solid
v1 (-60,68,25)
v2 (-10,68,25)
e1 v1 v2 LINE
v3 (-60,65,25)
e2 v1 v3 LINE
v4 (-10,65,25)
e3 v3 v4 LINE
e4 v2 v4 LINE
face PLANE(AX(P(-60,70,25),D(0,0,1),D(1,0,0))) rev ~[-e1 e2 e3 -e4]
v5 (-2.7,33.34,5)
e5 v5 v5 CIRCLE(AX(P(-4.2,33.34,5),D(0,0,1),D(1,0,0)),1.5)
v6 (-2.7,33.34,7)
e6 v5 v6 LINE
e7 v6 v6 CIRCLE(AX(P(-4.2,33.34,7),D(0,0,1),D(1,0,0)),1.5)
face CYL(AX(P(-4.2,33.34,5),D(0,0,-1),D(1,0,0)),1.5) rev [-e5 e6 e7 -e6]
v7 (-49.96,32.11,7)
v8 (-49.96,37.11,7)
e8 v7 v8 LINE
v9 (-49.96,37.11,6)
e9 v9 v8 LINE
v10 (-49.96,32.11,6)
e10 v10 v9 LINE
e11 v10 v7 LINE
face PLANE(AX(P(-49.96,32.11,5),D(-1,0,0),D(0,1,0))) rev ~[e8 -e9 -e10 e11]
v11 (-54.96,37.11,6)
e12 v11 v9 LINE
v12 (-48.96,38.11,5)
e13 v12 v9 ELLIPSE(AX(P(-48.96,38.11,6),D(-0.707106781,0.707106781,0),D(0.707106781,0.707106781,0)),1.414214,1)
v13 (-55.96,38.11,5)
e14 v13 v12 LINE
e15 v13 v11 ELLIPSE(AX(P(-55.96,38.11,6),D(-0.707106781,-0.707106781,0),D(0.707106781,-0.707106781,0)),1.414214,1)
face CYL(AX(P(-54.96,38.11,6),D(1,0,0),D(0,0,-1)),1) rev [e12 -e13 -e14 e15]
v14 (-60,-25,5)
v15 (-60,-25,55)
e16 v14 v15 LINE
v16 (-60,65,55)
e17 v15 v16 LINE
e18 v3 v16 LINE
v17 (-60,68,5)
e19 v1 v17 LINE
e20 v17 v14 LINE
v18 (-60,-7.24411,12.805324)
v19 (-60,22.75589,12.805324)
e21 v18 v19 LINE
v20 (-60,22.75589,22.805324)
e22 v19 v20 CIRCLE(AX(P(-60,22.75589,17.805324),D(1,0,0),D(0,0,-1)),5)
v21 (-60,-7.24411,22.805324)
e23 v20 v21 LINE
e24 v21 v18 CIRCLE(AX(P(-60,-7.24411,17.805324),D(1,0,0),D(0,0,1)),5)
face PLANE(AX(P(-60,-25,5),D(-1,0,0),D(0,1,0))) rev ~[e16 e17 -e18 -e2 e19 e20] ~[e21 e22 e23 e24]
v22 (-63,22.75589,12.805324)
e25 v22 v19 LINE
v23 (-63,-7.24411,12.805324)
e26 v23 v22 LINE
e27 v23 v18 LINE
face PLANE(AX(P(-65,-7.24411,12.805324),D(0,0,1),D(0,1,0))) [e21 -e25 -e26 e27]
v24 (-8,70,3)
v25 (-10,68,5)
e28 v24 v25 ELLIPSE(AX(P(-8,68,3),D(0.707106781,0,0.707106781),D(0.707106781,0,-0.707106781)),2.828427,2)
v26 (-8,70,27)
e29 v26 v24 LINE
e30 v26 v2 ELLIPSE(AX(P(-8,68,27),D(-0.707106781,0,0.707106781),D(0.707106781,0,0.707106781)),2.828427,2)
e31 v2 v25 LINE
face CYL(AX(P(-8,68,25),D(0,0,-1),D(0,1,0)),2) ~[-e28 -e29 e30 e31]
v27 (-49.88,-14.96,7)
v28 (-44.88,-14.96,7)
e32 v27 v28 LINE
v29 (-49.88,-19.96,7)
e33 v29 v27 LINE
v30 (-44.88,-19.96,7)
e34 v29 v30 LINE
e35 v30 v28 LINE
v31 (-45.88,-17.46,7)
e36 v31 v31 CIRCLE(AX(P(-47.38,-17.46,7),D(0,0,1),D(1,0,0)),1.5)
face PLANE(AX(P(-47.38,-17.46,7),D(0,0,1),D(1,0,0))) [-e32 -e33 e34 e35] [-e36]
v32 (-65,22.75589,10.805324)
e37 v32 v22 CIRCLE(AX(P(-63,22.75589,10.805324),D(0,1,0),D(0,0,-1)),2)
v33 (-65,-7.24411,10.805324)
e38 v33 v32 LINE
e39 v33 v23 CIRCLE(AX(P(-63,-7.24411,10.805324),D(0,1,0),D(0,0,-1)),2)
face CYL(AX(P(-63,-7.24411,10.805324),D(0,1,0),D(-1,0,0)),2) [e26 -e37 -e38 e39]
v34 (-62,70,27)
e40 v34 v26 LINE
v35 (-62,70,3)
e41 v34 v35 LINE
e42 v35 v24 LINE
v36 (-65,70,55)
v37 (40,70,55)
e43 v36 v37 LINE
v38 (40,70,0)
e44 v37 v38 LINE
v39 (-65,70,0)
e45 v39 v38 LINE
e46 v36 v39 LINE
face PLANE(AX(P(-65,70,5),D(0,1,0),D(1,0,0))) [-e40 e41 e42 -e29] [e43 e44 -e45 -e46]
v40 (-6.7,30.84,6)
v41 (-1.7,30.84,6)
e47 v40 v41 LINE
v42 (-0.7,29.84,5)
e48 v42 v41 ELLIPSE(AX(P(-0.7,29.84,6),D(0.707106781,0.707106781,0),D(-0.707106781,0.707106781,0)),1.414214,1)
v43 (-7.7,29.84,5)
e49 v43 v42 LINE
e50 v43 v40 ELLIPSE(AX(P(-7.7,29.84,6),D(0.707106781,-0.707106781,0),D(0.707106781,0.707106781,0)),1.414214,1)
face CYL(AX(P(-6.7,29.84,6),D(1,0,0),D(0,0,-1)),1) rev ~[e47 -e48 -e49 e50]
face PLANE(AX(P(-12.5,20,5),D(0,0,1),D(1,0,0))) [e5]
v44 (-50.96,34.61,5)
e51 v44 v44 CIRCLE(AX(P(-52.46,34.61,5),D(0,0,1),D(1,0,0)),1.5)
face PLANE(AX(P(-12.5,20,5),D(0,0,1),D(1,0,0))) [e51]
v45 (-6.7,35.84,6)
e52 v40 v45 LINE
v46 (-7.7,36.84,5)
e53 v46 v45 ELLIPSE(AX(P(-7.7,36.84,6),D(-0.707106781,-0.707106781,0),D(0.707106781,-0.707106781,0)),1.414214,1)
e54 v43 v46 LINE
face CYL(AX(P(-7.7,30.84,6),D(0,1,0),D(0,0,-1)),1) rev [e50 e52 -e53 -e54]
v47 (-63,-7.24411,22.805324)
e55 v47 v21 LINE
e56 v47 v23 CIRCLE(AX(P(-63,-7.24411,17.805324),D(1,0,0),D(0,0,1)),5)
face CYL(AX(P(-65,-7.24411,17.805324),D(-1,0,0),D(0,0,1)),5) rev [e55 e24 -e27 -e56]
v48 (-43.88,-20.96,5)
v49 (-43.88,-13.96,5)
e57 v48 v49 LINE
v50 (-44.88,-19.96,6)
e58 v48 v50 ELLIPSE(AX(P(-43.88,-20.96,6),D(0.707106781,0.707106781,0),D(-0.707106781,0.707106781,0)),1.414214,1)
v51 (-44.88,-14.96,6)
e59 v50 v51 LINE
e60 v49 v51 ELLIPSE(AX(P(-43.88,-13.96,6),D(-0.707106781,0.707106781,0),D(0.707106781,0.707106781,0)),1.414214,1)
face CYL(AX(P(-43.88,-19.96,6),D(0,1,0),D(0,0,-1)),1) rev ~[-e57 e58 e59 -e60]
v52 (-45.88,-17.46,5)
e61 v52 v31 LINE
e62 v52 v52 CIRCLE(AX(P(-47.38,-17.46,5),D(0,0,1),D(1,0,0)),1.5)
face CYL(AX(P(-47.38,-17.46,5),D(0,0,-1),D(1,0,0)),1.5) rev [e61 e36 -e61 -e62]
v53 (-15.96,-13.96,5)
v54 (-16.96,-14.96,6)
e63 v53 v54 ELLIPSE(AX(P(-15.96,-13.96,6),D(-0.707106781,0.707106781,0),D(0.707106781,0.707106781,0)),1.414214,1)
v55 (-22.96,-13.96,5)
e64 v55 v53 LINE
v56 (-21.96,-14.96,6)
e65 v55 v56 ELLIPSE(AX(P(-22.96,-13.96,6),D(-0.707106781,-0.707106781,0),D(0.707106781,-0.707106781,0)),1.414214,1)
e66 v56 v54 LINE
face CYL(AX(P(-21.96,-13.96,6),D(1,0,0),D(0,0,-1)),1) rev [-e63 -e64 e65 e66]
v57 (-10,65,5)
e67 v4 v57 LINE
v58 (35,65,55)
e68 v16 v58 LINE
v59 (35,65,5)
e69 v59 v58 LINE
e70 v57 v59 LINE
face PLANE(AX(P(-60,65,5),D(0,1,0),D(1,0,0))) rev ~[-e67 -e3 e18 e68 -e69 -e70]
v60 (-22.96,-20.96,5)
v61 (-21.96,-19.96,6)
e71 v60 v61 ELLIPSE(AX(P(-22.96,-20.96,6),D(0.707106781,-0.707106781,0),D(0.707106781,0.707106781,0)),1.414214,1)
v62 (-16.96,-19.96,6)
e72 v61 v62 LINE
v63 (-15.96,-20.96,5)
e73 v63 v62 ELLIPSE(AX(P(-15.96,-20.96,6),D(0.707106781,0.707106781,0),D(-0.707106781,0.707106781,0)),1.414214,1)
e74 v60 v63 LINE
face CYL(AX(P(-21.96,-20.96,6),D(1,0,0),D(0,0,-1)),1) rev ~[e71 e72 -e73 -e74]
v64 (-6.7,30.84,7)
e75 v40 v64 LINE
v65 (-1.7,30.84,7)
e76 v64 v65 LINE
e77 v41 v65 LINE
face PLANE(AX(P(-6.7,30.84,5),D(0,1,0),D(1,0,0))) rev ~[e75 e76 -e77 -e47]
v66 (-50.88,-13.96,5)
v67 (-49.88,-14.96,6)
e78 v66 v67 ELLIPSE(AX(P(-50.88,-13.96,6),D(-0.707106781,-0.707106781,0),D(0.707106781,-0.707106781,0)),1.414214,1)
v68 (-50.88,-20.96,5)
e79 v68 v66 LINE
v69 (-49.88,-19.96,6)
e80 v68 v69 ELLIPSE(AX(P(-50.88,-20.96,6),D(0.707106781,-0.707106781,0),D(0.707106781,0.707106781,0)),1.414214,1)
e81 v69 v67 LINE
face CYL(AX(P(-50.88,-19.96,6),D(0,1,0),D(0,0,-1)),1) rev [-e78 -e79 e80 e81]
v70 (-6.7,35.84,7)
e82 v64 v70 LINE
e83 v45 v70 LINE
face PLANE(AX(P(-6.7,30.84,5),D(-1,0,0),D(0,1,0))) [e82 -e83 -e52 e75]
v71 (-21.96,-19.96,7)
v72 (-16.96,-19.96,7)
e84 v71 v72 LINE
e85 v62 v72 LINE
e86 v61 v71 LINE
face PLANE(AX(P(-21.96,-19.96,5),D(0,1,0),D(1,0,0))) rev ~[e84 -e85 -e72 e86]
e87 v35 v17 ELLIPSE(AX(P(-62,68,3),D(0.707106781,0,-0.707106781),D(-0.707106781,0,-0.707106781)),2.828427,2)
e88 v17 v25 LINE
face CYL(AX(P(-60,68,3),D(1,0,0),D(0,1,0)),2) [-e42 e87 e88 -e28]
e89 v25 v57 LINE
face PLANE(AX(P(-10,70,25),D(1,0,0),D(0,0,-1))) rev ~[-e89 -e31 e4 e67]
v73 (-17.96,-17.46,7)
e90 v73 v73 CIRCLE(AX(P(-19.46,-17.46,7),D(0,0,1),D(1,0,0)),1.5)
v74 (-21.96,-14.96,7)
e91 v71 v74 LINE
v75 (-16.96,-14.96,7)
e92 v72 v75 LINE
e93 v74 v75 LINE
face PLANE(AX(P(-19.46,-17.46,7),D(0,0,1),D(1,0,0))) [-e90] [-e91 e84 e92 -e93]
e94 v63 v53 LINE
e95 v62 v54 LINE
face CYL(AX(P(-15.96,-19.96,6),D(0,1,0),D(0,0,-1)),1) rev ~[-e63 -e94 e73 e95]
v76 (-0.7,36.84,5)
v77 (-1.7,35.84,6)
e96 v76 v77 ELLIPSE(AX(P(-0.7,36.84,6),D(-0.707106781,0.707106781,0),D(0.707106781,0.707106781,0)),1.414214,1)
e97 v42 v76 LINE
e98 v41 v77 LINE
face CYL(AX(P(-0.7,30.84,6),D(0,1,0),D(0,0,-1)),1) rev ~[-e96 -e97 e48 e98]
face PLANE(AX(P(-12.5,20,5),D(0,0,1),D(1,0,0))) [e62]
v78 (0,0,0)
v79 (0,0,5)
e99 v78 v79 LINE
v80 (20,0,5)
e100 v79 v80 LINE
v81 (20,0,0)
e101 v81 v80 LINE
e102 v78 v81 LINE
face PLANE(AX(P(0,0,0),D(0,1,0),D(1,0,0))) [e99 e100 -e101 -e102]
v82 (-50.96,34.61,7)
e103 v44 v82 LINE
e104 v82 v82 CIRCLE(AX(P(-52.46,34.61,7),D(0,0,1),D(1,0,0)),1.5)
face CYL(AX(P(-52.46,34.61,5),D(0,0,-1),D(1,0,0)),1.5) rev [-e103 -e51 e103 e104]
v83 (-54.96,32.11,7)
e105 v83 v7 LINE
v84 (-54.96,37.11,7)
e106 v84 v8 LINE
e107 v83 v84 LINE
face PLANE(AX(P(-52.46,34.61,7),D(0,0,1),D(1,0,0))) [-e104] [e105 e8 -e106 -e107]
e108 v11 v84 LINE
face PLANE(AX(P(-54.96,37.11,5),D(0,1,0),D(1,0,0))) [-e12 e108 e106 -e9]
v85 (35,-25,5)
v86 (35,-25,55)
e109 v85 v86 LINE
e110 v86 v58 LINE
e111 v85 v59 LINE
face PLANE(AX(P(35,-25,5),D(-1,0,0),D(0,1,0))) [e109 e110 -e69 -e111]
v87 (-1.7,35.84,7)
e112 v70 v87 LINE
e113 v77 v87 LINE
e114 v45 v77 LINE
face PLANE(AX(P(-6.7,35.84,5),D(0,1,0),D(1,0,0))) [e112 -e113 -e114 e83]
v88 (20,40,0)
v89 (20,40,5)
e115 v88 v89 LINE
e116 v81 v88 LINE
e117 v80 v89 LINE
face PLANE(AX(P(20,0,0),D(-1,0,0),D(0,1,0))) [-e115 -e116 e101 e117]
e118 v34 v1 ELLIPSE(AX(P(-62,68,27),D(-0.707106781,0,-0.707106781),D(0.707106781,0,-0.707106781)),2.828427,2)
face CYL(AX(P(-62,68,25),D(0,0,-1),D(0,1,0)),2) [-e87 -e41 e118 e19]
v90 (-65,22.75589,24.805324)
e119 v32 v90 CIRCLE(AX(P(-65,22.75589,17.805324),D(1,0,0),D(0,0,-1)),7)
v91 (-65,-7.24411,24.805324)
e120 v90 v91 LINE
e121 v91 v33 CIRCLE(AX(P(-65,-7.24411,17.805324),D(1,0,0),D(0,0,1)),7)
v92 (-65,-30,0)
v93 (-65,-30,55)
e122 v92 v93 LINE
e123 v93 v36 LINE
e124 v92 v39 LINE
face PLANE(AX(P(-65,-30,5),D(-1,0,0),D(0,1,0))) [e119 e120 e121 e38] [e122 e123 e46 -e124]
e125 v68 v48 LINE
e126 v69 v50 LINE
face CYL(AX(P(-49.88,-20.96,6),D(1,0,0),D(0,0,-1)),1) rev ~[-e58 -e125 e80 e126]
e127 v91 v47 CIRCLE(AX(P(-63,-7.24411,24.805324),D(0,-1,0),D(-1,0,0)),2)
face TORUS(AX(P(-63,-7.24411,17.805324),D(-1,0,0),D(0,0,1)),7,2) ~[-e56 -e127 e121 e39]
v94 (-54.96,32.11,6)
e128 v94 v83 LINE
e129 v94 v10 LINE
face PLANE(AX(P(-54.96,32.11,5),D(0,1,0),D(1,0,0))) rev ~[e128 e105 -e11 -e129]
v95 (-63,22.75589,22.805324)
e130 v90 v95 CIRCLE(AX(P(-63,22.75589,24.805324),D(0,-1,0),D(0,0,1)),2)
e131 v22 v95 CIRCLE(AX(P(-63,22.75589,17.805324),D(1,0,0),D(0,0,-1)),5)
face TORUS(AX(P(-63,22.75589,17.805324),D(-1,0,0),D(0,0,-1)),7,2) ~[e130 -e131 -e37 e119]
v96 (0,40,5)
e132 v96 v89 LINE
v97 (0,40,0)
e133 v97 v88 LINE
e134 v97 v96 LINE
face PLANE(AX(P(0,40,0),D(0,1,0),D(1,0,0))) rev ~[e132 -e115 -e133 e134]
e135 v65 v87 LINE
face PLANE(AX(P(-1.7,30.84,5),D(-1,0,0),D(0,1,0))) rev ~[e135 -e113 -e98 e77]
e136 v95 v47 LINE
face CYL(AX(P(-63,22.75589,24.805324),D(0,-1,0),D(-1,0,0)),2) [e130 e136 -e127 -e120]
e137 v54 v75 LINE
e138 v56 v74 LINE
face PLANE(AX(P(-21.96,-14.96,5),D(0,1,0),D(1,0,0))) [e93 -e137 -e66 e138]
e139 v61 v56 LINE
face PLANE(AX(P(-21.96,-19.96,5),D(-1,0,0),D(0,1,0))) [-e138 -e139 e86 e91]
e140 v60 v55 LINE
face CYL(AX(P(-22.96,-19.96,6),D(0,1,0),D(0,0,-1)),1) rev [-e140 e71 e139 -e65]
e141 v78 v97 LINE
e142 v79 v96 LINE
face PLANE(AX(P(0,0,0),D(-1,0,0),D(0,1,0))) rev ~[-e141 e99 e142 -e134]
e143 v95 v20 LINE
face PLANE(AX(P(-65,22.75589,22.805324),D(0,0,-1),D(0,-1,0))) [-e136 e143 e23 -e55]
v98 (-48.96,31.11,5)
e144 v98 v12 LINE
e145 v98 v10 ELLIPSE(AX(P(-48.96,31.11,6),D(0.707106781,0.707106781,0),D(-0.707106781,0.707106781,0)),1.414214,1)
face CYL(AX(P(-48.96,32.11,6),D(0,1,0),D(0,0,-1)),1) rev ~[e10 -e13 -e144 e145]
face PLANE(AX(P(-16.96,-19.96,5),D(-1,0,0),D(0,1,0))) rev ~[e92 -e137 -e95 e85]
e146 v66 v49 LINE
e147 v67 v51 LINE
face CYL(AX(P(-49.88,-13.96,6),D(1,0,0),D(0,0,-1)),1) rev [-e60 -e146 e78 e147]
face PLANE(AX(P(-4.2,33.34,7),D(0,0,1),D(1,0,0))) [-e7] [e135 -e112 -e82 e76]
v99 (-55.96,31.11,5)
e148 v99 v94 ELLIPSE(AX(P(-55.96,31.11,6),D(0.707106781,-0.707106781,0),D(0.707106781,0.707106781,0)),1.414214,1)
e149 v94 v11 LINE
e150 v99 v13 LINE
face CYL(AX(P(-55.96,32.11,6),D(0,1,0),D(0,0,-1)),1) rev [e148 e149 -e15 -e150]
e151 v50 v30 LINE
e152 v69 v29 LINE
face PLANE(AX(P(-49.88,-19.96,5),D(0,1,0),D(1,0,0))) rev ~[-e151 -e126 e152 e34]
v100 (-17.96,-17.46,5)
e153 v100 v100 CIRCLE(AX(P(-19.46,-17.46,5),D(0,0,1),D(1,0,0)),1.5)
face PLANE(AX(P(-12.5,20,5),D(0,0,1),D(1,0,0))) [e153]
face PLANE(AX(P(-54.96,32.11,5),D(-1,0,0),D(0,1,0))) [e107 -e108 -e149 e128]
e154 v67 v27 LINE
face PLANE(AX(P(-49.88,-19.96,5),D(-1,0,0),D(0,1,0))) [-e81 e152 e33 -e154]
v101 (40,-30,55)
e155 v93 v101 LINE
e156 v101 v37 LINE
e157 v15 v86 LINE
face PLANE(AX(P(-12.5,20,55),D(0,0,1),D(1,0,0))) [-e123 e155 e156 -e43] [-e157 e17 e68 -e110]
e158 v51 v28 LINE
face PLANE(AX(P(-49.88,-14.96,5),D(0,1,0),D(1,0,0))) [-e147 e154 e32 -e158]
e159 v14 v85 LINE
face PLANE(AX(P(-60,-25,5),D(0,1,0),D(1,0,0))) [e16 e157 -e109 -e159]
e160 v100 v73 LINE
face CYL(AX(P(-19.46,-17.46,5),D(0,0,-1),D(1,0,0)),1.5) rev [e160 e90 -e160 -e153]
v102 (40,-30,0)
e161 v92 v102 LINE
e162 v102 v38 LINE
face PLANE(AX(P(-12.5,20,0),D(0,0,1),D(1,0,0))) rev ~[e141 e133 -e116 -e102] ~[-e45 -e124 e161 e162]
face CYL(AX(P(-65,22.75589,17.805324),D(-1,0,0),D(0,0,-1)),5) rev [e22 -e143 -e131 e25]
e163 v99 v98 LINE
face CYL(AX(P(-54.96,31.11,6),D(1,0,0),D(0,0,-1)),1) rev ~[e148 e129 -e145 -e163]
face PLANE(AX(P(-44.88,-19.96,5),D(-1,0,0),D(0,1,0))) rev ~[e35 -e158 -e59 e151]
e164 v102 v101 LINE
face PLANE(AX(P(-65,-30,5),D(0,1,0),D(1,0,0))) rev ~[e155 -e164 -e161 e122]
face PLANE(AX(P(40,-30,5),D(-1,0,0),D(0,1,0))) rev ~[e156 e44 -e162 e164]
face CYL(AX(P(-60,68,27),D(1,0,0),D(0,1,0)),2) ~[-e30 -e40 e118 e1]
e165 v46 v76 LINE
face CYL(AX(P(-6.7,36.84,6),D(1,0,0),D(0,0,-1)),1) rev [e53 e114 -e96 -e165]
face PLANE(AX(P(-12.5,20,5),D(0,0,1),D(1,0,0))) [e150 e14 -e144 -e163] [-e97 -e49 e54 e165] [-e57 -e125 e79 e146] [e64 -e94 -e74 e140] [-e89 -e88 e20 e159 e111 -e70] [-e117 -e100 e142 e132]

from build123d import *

# Parameters (mm, degrees)
SKETCH1_W           = 105
SKETCH1_H           = 100
SKETCH1_W_2         = 20
SKETCH1_H_2         = 40
BOSS_EXTRUDE1_DEPTH = 5
SKETCH2_W           = 105
SKETCH2_H           = 100
SKETCH2_W_2         = 95
SKETCH2_H_2         = 90
BOSS_EXTRUDE2_DEPTH = 50
SKETCH4_W           = 5
SKETCH4_H           = 5
SKETCH4_R           = 1.5
BOSS_EXTRUDE3_DEPTH = 2
FILLET1_R           = 1
SKETCH5_W           = 50
SKETCH5_H           = 20
CUT_EXTRUDE1_DEPTH  = 5
CUT_EXTRUDE2_DEPTH  = 5
FILLET2_R           = 2
FILLET3_R           = 2


with BuildPart() as part:
    # Sketch1 → Boss-Extrude1 (new body)
    with BuildSketch(Plane.XY):
        with Locations((-12.5, 20)):
            Rectangle(SKETCH1_W, SKETCH1_H)
        with Locations((10, 20)):
            Rectangle(SKETCH1_W_2, SKETCH1_H_2, mode=Mode.SUBTRACT)
    extrude(amount=BOSS_EXTRUDE1_DEPTH)

    # Sketch2 → Boss-Extrude2 (add)
    with BuildSketch(Plane.XY.offset(5)):
        with Locations((-12.5, 20)):
            Rectangle(SKETCH2_W, SKETCH2_H)
        with Locations((-12.5, 20)):
            Rectangle(SKETCH2_W_2, SKETCH2_H_2, mode=Mode.SUBTRACT)
    extrude(amount=BOSS_EXTRUDE2_DEPTH)

    # Sketch4 → Boss-Extrude3 (add)
    with BuildSketch(Plane.XY.offset(5)):
        with Locations((-52.46, 34.61)):
            Rectangle(SKETCH4_W, SKETCH4_H)
        with Locations((-52.46, 34.61)):
            Circle(SKETCH4_R, mode=Mode.SUBTRACT)
        with Locations((-4.2, 33.34)):
            Rectangle(SKETCH4_W, SKETCH4_H)
        with Locations((-4.2, 33.34)):
            Circle(SKETCH4_R, mode=Mode.SUBTRACT)
        with Locations((-47.38, -17.46)):
            Rectangle(SKETCH4_W, SKETCH4_H)
        with Locations((-47.38, -17.46)):
            Circle(SKETCH4_R, mode=Mode.SUBTRACT)
        with Locations((-19.46, -17.46)):
            Rectangle(SKETCH4_W, SKETCH4_H)
        with Locations((-19.46, -17.46)):
            Circle(SKETCH4_R, mode=Mode.SUBTRACT)
    extrude(amount=BOSS_EXTRUDE3_DEPTH)

    # Fillet1
    fillet1_edges = [part.edges().sort_by_distance(p)[0] for p in [
        (-49.96, 34.61, 5),
        (-52.46, 37.11, 5),
        (-54.96, 34.61, 5),
        (-52.46, 32.11, 5),
        (-1.7, 33.34, 5),
        (-4.2, 35.84, 5),
        (-6.7, 33.34, 5),
        (-4.2, 30.84, 5),
        (-44.88, -17.46, 5),
        (-47.38, -14.96, 5),
        (-49.88, -17.46, 5),
        (-47.38, -19.96, 5),
        (-16.96, -17.46, 5),
        (-19.46, -14.96, 5),
        (-21.96, -17.46, 5),
        (-19.46, -19.96, 5),
    ]]
    fillet(fillet1_edges, radius=FILLET1_R)

    # Sketch5 → Cut-Extrude1 (cut)
    with BuildSketch(Plane(origin=(0, 70, 0), x_dir=(1, 0, 0), z_dir=(0, 1, 0))):
        with Locations((-35, -15)):
            Rectangle(SKETCH5_W, SKETCH5_H)
    extrude(amount=-CUT_EXTRUDE1_DEPTH, mode=Mode.SUBTRACT)

    # Sketch6 → Cut-Extrude2 (cut)
    with BuildSketch(Plane.ZY.offset(65)):
        with BuildLine():
            Line((22.805324428, 22.755889518), (22.805324428, -7.244110482))
            ThreePointArc((22.805324428, -7.244110482), (17.805324428, -12.244110482), (12.805324428, -7.244110482))
            Line((12.805324428, -7.244110482), (12.805324428, 22.755889518))
            ThreePointArc((12.805324428, 22.755889518), (17.805324428, 27.755889518), (22.805324428, 22.755889518))
        make_face()
    extrude(amount=-CUT_EXTRUDE2_DEPTH, mode=Mode.SUBTRACT)

    # Fillet2
    fillet2_edges = [part.edges().sort_by_distance(p)[0] for p in [
        (-65, 27.755889518, 17.805324428),
        (-65, 7.755889518, 12.805324428),
        (-65, -12.244110482, 17.805324428),
        (-65, 7.755889518, 22.805324428),
    ]]
    fillet(fillet2_edges, radius=FILLET2_R)

    # Fillet3
    fillet3_edges = [part.edges().sort_by_distance(p)[0] for p in [
        (-60, 70, 15),
        (-35, 70, 25),
        (-10, 70, 15),
        (-35, 70, 5),
    ]]
    fillet(fillet3_edges, radius=FILLET3_R)


solid = part.part
